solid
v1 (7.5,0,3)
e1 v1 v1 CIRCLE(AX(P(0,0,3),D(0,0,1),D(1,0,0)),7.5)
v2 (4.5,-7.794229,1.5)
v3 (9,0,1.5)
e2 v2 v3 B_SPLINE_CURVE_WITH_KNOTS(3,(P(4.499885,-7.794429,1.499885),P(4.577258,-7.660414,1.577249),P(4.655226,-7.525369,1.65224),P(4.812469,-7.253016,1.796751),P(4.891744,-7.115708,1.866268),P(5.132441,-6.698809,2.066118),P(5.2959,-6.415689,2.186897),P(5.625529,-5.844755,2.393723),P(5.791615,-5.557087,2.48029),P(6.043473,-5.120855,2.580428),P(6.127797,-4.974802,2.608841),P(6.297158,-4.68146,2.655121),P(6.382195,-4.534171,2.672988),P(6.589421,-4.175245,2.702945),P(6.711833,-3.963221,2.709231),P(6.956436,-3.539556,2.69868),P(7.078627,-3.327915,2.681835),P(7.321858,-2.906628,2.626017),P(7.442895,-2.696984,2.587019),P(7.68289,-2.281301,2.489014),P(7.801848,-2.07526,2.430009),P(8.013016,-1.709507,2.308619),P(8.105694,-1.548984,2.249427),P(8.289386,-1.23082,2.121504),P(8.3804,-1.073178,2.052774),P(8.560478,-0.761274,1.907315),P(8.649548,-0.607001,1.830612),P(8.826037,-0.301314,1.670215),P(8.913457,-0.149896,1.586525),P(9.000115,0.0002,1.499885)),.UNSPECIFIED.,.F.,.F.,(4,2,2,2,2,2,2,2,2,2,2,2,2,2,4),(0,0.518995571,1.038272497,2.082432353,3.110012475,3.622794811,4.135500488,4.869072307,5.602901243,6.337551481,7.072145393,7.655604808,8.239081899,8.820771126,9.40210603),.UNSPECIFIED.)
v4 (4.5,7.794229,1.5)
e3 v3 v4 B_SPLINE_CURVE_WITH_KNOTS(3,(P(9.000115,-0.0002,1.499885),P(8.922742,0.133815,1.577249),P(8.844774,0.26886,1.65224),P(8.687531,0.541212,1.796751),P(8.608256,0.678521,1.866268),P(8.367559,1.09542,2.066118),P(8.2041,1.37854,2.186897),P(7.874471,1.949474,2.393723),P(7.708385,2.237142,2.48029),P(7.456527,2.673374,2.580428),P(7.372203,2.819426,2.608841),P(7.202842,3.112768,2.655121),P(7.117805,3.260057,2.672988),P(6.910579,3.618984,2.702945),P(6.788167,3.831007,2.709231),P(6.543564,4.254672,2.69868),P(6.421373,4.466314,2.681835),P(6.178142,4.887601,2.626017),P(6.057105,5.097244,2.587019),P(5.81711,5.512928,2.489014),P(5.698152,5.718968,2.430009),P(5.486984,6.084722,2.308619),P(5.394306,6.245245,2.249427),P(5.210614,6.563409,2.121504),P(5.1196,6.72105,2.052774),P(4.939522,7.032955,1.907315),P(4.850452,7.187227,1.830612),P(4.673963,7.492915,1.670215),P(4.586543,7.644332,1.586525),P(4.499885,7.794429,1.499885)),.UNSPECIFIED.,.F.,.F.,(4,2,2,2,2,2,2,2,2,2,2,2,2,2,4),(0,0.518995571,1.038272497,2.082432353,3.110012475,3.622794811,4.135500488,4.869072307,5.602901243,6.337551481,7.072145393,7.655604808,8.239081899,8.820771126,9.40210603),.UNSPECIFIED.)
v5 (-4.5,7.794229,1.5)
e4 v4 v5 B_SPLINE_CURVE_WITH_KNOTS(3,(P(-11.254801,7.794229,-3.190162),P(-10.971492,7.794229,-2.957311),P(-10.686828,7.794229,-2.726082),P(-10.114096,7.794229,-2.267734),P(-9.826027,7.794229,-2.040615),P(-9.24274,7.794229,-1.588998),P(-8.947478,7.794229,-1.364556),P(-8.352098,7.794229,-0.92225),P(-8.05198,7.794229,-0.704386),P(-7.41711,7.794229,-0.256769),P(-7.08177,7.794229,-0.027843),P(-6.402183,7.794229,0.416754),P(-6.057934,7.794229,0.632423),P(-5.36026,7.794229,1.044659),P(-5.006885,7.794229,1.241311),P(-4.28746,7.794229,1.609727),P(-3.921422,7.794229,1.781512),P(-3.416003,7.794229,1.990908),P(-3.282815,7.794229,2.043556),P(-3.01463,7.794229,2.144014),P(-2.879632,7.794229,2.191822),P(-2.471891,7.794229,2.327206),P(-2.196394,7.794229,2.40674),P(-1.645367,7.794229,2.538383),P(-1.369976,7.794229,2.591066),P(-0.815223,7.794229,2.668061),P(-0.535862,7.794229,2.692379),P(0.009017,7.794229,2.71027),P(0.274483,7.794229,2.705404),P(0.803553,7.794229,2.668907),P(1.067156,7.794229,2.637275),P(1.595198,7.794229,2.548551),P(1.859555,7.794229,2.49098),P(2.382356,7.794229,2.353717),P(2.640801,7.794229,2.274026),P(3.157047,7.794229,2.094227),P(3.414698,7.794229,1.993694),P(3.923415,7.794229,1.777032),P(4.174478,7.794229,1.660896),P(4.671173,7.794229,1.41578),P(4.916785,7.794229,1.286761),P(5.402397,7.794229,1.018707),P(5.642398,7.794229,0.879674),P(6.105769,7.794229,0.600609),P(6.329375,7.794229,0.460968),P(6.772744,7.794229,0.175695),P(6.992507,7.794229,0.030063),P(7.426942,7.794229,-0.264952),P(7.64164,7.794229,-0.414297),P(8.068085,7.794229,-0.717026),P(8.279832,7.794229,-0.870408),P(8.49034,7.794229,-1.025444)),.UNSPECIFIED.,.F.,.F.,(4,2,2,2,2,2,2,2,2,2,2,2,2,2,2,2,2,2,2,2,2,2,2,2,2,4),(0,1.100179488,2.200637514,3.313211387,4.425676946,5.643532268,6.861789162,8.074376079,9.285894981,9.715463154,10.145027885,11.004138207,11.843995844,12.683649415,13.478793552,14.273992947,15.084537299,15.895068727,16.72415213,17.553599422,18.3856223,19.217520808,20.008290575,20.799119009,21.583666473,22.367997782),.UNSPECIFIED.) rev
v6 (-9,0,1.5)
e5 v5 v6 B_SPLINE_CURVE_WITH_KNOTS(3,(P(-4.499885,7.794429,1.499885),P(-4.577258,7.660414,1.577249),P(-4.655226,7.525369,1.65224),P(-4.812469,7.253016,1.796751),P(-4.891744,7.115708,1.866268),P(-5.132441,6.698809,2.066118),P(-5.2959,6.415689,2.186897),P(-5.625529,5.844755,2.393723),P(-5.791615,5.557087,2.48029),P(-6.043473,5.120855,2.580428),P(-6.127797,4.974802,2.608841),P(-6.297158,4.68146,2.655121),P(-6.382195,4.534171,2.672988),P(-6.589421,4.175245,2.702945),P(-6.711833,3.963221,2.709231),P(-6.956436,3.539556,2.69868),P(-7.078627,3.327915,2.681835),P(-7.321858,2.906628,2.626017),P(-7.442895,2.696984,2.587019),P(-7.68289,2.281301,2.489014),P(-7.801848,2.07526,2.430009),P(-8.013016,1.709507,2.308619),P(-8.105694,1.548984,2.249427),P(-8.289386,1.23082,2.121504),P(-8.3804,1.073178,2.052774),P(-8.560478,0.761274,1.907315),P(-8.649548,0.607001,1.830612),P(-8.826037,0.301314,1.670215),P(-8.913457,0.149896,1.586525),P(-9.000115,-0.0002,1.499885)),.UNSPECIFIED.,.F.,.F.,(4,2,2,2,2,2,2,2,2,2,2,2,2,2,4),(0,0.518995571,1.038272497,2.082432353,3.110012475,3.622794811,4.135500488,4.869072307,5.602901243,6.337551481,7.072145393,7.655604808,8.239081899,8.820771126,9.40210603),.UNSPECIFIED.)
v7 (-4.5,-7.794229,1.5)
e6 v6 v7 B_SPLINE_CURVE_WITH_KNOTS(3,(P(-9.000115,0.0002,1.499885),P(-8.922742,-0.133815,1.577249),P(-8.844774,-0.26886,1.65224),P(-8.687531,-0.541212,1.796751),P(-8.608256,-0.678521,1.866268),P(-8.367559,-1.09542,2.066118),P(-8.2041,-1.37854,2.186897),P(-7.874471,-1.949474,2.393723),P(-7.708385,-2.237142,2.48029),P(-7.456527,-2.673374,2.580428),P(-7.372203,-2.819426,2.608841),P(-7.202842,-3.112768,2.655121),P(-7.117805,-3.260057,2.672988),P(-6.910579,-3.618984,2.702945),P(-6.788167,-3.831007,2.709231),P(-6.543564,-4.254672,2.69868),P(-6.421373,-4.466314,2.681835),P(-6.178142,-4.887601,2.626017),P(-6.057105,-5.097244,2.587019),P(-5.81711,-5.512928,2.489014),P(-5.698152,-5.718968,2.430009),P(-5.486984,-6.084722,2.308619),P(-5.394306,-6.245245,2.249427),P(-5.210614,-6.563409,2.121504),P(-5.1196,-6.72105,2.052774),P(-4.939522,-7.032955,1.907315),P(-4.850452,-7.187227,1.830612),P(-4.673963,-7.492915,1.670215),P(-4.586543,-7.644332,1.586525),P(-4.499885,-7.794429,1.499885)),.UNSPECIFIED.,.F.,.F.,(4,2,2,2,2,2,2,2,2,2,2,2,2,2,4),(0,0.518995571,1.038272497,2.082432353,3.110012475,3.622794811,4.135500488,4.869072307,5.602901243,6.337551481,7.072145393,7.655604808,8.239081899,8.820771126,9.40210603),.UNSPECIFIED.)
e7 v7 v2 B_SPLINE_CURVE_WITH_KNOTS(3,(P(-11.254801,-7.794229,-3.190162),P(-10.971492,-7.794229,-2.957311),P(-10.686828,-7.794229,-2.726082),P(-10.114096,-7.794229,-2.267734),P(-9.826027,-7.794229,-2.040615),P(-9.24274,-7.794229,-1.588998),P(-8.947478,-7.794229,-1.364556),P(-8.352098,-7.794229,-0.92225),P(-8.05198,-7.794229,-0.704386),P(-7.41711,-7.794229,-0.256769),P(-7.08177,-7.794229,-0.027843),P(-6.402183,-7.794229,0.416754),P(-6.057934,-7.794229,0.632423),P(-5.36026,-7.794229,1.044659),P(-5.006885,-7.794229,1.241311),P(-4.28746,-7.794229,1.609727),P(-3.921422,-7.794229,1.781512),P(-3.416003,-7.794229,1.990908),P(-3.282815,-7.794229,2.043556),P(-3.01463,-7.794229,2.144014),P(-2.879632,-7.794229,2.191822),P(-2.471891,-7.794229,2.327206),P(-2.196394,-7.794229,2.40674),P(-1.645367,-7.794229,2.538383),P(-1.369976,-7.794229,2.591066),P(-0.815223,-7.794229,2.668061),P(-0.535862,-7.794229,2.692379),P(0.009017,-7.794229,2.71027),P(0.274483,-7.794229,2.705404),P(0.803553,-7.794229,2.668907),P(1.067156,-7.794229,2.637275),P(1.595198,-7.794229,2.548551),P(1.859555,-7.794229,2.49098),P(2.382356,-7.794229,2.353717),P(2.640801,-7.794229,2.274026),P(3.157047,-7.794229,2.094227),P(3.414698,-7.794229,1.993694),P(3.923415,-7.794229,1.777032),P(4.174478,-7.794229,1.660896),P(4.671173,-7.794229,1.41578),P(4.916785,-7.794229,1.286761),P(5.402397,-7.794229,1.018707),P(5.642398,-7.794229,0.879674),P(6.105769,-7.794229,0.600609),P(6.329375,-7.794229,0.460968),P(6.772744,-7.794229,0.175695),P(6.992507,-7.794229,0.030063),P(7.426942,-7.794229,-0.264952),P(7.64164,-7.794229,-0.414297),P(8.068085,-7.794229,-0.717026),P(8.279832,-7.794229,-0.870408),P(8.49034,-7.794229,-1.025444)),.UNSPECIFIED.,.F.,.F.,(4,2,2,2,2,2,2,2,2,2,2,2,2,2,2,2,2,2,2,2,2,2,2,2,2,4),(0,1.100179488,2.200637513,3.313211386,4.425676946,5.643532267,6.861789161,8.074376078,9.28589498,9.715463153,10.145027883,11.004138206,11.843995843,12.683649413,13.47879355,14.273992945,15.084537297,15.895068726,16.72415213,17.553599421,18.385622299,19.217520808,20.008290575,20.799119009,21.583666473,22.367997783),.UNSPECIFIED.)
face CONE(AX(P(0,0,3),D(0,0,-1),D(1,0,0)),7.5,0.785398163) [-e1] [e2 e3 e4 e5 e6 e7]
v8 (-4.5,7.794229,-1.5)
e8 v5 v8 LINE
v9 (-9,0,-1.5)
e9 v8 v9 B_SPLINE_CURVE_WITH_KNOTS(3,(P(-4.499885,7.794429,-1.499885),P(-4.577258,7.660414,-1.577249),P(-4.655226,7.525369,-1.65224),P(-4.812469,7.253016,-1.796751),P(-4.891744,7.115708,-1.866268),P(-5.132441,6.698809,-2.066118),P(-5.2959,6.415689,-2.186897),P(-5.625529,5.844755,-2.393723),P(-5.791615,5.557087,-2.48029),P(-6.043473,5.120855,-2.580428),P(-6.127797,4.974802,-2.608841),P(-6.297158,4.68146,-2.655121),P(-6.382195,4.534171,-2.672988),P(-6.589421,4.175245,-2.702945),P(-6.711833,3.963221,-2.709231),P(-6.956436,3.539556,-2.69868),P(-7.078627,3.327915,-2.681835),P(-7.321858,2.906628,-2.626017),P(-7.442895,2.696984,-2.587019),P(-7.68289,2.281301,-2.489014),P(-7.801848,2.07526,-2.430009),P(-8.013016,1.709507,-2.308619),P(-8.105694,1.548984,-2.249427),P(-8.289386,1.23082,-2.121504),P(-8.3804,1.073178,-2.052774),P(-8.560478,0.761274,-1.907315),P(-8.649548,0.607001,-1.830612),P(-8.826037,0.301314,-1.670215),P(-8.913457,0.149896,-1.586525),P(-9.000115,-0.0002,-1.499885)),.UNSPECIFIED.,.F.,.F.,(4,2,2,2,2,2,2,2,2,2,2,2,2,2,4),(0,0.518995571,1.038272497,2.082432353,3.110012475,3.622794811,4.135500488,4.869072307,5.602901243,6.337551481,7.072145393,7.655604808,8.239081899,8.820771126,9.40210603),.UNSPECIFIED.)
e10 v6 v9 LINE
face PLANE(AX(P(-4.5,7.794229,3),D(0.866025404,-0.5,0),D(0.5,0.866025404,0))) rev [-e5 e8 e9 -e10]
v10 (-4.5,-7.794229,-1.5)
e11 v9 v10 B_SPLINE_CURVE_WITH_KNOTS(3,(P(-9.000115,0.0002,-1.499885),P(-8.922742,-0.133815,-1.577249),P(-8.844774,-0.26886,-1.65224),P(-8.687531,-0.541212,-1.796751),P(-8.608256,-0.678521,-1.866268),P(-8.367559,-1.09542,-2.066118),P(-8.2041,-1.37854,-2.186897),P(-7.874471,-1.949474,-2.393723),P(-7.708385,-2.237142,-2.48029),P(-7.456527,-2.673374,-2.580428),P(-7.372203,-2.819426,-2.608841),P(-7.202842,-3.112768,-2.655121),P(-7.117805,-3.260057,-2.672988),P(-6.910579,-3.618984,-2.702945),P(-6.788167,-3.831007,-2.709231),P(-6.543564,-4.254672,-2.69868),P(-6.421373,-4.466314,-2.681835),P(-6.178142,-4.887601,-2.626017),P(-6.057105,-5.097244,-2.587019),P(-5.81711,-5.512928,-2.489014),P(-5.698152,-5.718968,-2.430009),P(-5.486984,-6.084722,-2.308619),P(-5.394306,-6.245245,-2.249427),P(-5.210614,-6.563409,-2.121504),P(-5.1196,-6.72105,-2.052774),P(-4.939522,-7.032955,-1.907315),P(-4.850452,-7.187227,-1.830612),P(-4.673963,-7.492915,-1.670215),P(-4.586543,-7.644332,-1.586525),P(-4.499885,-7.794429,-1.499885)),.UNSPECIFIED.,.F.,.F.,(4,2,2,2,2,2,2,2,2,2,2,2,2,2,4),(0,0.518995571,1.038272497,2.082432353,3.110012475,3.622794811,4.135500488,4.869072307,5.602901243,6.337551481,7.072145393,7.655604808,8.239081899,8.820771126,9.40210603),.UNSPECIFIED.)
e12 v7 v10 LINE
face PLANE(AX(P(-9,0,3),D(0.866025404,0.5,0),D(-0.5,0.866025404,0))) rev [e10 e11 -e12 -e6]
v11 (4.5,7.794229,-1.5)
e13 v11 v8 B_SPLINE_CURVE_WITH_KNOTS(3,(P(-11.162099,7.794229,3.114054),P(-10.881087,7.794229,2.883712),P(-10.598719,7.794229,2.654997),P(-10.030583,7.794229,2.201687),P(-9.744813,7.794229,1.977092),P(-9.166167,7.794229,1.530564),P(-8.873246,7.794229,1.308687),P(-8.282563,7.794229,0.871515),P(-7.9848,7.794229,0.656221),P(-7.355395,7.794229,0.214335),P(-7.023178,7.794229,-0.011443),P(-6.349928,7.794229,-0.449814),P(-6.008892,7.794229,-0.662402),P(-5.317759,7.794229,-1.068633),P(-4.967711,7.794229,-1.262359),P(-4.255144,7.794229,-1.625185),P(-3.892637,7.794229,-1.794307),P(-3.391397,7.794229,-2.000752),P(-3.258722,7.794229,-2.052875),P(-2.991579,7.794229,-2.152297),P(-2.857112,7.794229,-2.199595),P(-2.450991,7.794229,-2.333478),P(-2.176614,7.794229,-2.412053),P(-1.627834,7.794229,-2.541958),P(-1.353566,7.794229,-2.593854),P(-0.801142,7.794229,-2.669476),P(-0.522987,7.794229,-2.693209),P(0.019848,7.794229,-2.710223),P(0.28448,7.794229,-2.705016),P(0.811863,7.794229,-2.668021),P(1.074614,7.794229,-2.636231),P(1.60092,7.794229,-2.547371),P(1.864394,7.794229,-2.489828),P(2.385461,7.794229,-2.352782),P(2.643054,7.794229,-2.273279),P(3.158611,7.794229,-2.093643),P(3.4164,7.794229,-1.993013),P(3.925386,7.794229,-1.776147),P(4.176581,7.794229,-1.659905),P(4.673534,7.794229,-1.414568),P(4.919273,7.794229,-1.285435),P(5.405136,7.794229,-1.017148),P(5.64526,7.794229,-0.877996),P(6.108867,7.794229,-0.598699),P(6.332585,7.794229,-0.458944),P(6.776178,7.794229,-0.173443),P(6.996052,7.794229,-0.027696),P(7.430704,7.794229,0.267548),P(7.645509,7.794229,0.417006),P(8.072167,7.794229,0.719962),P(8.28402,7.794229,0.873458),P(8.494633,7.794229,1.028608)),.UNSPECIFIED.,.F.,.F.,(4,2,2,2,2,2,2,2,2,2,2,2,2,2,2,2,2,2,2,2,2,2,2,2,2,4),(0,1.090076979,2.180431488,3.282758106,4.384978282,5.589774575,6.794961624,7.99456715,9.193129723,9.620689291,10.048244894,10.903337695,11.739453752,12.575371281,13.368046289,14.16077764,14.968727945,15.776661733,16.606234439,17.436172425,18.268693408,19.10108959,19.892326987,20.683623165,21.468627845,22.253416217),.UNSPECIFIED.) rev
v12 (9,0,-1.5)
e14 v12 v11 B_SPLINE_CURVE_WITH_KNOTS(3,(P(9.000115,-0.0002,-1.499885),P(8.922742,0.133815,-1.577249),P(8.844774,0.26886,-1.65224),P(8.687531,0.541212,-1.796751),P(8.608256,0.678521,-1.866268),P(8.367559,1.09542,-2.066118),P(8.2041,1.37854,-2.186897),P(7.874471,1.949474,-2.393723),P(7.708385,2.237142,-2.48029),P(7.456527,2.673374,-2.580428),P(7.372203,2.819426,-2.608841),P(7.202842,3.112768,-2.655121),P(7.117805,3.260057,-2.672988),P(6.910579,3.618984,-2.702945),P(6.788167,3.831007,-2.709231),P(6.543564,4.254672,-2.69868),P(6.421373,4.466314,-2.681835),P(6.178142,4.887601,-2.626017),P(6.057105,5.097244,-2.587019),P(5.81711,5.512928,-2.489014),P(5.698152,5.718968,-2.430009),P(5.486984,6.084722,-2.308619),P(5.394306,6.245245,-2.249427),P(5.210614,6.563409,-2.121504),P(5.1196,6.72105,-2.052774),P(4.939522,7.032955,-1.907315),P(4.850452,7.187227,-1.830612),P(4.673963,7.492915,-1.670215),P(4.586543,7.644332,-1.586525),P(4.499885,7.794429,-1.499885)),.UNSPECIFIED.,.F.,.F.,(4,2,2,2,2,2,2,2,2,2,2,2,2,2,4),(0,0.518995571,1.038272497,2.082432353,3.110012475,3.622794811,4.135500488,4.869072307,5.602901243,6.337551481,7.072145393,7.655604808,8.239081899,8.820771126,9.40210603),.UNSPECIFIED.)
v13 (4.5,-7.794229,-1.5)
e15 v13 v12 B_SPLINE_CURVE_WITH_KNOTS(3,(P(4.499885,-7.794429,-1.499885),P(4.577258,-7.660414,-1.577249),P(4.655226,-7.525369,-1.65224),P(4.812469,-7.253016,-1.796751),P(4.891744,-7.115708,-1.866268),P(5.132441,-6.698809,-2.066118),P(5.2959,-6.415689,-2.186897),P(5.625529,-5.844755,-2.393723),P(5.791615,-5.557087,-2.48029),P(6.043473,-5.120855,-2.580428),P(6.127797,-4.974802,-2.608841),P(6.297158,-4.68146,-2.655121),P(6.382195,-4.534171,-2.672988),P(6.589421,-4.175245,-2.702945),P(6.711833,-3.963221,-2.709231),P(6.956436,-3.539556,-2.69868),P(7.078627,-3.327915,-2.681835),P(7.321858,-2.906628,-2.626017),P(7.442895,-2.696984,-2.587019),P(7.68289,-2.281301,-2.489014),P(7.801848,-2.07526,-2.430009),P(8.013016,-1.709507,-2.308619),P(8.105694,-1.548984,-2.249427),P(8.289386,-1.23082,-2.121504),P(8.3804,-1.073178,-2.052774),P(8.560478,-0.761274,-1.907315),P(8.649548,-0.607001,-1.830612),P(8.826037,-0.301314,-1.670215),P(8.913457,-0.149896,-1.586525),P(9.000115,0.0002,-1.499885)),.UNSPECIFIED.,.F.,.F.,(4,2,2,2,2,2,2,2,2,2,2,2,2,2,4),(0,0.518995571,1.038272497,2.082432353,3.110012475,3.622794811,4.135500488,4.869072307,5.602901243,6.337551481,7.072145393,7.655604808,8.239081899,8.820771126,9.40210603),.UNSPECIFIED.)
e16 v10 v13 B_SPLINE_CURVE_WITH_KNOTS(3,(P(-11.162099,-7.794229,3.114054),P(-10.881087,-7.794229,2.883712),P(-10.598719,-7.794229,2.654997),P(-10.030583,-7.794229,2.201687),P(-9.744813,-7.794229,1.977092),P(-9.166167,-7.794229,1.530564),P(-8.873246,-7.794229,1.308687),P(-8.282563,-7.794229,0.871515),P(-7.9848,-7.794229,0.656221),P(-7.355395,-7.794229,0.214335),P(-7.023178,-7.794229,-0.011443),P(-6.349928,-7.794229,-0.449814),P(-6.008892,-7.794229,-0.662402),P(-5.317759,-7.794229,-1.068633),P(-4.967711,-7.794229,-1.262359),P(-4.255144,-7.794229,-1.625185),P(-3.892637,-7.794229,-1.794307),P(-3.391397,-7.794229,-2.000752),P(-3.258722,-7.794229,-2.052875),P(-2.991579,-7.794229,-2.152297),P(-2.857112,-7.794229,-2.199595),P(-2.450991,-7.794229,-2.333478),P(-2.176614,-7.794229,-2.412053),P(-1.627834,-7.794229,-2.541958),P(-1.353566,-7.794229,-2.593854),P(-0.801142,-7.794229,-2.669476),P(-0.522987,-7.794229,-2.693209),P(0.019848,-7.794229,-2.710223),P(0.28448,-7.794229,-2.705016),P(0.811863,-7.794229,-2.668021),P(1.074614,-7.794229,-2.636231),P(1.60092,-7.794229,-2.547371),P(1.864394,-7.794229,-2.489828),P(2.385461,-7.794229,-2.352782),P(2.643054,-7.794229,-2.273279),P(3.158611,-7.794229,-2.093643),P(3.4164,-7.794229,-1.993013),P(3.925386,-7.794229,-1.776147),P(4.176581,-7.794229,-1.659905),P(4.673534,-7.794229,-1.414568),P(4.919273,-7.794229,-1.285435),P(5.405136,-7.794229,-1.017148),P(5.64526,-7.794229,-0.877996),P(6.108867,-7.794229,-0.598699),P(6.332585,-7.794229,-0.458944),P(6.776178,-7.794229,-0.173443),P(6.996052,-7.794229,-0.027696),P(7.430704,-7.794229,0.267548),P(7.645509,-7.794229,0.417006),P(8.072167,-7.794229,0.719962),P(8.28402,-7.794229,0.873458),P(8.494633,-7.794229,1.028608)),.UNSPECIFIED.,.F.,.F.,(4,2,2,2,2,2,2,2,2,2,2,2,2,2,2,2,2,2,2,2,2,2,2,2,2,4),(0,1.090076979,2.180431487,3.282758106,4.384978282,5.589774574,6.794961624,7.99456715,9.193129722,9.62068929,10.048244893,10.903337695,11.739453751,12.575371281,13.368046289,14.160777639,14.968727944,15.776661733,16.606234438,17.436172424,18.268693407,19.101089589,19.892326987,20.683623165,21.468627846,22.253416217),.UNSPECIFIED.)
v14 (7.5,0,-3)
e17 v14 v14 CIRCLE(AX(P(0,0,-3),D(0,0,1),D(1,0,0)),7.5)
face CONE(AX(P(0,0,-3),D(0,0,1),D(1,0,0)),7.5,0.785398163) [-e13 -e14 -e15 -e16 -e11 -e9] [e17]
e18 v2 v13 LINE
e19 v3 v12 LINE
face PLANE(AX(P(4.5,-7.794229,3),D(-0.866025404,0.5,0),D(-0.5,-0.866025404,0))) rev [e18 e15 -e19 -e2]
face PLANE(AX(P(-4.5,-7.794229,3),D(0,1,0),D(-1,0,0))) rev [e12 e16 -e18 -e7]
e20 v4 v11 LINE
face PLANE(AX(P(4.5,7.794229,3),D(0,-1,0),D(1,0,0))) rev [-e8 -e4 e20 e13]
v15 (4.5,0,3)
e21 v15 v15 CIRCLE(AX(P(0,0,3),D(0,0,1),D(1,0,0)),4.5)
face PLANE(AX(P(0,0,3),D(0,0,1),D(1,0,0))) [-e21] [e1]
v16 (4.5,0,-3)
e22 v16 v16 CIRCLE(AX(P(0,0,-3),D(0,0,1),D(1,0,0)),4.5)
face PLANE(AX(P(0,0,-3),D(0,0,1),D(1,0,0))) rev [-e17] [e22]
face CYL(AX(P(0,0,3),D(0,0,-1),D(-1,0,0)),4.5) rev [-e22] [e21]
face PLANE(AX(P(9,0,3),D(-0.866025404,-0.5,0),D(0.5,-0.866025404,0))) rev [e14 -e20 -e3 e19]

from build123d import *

# Parameters (mm, degrees)
SKETCH1_R           = 4.5
BOSS_EXTRUDE1_DEPTH = 3
SKETCH4_OUTSIDE_W   = 36.912
SKETCH4_OUTSIDE_H   = 34.5
SKETCH4_OUTSIDE_R   = 7.5
CUT_EXTRUDE1_DEPTH  = 6
CUT_EXTRUDE1_TAPER  = 45


with BuildPart() as part:
    # Sketch1 → Boss-Extrude1 (new body, symmetric)
    with BuildSketch(Plane.XY):
        Polygon((4.5, 7.794228634), (-4.5, 7.794228634), (-9, 0), (-4.5, -7.794228634), (4.5, -7.794228634), (9, 0), align=None)
        Circle(SKETCH1_R, mode=Mode.SUBTRACT)
    extrude(amount=BOSS_EXTRUDE1_DEPTH, both=True)

    # Sketch4 outside → Cut-Extrude1 (cut)
    with BuildSketch(Plane.XY.offset(3)):
        Rectangle(SKETCH4_OUTSIDE_W, SKETCH4_OUTSIDE_H)
        Circle(SKETCH4_OUTSIDE_R, mode=Mode.SUBTRACT)
    cut_extrude1 = extrude(amount=-CUT_EXTRUDE1_DEPTH, taper=CUT_EXTRUDE1_TAPER, mode=Mode.SUBTRACT)

    # Mirror1: Cut-Extrude1 across plane
    add(cut_extrude1.mirror(Plane.XY), mode=Mode.SUBTRACT)


solid = part.part
